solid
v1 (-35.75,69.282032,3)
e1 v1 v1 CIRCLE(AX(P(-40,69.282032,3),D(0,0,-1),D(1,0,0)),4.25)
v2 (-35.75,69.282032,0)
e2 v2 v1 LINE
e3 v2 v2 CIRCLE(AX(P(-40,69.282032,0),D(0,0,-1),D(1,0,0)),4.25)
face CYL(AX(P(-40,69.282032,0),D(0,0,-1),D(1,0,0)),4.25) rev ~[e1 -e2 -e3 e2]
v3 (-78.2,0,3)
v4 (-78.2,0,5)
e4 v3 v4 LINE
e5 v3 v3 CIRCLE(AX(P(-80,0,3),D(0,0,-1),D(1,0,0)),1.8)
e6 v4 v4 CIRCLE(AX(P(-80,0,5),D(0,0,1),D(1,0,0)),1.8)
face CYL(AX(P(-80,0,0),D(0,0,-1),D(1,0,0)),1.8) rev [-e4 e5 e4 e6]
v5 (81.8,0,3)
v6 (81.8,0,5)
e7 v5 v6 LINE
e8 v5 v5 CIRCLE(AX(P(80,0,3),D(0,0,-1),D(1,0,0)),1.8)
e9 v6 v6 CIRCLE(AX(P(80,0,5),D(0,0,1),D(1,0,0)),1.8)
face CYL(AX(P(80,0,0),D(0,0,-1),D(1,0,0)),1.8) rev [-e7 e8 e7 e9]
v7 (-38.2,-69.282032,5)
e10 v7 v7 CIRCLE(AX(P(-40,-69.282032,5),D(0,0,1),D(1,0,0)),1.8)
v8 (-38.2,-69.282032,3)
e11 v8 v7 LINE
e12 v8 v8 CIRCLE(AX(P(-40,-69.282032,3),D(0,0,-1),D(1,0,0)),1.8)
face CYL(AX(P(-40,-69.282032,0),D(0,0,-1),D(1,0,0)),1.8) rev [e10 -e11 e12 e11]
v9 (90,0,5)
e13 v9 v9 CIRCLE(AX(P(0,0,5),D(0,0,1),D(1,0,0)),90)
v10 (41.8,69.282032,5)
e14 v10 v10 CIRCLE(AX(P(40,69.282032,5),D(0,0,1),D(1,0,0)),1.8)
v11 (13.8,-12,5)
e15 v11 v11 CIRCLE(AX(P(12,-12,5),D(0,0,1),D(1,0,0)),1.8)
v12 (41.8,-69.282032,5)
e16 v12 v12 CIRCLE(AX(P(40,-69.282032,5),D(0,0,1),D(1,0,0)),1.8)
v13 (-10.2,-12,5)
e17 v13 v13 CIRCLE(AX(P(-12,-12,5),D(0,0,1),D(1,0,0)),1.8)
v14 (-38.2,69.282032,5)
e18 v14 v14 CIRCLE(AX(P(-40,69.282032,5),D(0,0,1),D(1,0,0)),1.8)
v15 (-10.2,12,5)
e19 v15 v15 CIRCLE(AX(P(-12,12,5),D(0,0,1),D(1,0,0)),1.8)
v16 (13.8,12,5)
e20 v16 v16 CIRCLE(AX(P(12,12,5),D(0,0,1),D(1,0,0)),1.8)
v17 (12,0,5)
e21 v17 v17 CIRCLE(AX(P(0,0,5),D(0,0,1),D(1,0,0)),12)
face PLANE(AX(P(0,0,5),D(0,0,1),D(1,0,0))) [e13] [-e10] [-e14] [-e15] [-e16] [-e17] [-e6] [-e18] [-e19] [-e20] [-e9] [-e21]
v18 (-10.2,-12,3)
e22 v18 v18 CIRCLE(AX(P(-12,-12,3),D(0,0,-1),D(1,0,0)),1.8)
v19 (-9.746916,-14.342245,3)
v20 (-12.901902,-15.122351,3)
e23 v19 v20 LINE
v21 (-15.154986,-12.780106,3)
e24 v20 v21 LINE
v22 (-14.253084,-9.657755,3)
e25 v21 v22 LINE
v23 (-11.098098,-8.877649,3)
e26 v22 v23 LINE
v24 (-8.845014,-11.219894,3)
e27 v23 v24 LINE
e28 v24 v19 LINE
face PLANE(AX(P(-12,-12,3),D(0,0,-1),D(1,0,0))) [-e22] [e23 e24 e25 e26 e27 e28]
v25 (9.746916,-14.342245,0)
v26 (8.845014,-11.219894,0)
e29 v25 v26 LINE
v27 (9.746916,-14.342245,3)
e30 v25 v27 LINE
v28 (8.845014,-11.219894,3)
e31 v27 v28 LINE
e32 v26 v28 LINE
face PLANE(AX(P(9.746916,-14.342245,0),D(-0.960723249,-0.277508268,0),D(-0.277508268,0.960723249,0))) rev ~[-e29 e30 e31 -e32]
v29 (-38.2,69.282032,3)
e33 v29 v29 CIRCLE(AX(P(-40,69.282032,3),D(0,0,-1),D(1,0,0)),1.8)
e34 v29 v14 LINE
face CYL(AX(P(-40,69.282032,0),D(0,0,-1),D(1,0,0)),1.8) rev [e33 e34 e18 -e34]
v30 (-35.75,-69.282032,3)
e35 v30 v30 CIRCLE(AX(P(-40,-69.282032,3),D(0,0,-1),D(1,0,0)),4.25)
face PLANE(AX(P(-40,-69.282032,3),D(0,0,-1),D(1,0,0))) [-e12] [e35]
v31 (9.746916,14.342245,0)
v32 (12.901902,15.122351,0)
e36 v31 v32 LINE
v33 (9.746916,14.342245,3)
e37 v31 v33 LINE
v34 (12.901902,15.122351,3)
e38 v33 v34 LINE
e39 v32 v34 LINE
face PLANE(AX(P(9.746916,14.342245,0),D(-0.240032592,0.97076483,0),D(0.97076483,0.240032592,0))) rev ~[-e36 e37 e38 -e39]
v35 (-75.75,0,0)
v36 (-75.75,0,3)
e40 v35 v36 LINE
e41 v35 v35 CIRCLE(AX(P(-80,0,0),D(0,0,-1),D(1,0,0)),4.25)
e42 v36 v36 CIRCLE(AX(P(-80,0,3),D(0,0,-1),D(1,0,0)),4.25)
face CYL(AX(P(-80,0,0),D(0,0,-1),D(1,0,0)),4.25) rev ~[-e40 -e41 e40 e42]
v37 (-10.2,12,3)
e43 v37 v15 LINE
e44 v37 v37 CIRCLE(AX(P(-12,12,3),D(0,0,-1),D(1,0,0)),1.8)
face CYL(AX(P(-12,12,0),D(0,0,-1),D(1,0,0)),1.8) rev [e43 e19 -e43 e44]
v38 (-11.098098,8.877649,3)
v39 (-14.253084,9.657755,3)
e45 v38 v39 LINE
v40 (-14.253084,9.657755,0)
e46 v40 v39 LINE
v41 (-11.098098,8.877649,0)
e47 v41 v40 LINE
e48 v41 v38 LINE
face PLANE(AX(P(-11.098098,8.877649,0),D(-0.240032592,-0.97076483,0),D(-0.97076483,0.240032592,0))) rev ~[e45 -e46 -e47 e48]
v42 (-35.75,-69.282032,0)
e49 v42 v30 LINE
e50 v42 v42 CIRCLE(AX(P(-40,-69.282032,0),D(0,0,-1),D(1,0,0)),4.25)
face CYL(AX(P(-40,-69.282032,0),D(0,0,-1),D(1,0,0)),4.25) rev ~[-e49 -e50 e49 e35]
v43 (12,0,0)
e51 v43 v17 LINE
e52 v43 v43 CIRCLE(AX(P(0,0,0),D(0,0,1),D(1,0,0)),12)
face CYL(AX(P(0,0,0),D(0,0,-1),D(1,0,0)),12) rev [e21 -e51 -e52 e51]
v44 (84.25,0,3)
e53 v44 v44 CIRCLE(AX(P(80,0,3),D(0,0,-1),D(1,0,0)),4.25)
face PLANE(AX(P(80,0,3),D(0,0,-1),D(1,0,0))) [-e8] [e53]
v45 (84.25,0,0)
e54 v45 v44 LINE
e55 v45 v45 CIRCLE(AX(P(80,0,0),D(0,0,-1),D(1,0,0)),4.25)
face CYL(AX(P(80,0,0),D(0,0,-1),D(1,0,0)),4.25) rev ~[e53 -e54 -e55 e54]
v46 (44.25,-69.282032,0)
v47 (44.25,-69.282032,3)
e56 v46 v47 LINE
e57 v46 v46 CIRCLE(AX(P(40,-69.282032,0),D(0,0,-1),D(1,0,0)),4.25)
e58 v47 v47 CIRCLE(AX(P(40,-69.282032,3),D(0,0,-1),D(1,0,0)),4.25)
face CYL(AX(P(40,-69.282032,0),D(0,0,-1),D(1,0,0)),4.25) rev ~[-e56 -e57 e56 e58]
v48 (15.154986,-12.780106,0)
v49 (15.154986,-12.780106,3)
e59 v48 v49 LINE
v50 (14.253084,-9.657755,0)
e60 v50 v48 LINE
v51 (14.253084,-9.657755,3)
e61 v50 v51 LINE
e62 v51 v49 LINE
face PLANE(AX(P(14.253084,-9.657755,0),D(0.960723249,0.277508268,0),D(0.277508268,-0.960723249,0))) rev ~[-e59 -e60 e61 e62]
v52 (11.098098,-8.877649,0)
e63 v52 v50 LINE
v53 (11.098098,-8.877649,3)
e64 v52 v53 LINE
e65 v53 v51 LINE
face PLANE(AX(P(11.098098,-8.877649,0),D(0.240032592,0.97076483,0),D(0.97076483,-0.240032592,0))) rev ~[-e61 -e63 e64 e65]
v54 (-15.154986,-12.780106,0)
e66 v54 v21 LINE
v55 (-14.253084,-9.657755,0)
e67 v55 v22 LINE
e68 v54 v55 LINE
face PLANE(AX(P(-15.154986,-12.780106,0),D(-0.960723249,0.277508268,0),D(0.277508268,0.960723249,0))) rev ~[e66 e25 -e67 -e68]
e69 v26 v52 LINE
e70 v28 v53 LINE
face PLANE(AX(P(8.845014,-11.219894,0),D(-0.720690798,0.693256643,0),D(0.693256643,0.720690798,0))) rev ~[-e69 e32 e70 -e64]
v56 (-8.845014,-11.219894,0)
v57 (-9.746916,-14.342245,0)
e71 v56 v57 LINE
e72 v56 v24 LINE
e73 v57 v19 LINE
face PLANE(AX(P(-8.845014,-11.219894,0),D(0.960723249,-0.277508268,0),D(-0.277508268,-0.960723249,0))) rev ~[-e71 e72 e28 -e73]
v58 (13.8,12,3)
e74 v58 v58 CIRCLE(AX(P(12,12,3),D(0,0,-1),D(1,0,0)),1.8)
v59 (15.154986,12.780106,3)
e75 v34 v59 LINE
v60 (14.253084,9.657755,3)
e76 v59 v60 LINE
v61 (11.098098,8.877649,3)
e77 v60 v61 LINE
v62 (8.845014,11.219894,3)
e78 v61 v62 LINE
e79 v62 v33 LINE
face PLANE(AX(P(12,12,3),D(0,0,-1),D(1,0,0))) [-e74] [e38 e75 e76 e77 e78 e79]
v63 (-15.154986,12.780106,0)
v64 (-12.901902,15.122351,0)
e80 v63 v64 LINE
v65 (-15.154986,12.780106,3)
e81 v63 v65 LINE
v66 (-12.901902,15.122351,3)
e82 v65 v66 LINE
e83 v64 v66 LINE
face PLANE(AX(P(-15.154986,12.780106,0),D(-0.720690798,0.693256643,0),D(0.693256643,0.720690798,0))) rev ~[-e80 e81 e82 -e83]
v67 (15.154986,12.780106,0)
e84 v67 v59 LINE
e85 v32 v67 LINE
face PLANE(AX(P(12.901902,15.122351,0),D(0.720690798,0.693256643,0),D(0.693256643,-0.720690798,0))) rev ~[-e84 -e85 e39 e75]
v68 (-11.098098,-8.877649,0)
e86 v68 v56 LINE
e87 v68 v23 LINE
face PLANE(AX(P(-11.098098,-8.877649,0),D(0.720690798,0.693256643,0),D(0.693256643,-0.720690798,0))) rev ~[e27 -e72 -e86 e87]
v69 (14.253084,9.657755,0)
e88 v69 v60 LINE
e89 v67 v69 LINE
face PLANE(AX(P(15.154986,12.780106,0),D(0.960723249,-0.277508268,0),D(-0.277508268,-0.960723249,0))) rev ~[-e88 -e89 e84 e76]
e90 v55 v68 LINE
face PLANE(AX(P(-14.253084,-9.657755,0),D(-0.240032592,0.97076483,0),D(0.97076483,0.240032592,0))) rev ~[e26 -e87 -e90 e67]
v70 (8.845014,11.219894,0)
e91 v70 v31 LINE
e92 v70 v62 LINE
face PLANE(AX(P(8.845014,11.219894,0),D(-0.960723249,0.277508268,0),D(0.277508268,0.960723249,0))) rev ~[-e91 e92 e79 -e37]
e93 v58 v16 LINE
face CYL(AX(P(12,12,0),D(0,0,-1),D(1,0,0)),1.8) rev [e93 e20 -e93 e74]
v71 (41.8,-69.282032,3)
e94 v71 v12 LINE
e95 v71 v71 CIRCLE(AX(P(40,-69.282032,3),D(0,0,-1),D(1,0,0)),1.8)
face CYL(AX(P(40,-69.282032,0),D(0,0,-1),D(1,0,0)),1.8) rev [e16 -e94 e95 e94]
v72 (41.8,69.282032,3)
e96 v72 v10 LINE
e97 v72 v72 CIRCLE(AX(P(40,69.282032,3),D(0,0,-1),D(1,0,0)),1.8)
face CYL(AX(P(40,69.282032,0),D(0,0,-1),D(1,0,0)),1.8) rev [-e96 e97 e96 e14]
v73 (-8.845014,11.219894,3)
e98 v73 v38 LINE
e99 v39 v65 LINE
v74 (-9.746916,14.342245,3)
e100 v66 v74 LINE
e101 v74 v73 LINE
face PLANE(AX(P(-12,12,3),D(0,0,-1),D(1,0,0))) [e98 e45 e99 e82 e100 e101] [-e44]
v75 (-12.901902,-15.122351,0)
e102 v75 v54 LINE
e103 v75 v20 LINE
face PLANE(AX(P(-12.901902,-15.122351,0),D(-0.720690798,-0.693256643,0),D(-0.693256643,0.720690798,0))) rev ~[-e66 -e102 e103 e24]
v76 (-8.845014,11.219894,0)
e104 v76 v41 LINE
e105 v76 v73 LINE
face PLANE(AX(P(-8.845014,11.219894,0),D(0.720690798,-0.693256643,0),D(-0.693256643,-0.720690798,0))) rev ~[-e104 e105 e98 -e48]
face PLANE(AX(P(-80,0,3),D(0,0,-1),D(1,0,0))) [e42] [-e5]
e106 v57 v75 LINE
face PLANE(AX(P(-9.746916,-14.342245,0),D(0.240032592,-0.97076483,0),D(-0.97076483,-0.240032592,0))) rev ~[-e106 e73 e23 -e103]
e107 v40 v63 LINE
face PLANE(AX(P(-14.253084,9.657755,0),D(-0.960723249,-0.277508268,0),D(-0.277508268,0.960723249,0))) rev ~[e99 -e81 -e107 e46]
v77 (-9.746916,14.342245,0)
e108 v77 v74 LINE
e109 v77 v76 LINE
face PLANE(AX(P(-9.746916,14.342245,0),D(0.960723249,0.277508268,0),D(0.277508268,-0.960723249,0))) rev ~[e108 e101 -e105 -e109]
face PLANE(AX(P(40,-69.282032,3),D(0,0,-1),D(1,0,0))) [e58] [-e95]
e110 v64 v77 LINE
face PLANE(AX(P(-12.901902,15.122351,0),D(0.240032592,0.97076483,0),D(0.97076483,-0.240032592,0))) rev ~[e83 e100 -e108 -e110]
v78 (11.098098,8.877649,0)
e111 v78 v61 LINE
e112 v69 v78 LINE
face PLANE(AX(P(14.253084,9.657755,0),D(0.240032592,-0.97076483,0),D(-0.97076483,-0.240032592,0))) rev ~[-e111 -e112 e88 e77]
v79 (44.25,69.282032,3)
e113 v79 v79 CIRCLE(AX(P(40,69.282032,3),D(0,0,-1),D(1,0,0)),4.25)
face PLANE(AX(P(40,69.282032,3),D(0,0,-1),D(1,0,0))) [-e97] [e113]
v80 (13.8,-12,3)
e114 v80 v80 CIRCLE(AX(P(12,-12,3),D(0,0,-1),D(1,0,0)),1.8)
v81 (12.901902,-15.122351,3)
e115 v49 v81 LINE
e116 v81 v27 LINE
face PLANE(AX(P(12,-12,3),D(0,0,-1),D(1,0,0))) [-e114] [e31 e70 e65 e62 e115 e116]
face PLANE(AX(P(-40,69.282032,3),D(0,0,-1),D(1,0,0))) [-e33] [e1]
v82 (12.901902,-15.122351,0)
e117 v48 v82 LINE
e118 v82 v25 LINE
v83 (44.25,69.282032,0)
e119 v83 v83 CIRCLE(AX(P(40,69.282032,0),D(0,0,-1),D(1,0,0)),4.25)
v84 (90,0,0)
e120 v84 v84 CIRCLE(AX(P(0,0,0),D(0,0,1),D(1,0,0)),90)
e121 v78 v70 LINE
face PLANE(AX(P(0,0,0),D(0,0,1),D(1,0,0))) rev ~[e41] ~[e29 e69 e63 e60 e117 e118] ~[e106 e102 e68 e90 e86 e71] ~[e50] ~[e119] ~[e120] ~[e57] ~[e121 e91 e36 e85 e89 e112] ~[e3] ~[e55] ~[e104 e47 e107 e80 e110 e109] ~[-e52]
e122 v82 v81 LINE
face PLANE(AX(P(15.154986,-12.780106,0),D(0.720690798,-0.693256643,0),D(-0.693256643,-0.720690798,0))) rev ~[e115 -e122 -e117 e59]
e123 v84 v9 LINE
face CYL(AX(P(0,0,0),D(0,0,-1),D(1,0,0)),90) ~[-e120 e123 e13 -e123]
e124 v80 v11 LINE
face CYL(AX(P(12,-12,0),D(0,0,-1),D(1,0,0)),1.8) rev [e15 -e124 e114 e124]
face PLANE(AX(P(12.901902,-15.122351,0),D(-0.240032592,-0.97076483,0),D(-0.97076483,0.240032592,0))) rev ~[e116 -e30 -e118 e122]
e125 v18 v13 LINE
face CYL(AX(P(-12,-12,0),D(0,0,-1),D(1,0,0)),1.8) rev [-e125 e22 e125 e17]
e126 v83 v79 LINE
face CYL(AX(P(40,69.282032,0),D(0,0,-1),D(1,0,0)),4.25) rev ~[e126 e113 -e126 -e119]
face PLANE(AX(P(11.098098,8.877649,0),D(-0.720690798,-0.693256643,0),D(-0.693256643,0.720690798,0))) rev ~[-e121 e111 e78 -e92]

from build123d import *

# Parameters (mm, degrees)
SKETCH_R        = 90
SKETCH_R_2      = 1.8
SKETCH_R_3      = 12
PAD_DEPTH       = 5
SKETCH001_R     = 4.25
POCKET_DEPTH    = 3
POCKET001_DEPTH = 3


with BuildPart() as part:
    # Sketch → Pad (new body)
    with BuildSketch(Plane.XY):
        Circle(SKETCH_R)
        with Locations((-40, 69.282032)):
            Circle(SKETCH_R_2, mode=Mode.SUBTRACT)
        with Locations((40, 69.282032)):
            Circle(SKETCH_R_2, mode=Mode.SUBTRACT)
        with Locations((80, 0)):
            Circle(SKETCH_R_2, mode=Mode.SUBTRACT)
        with Locations((40, -69.282032)):
            Circle(SKETCH_R_2, mode=Mode.SUBTRACT)
        with Locations((-40, -69.282032)):
            Circle(SKETCH_R_2, mode=Mode.SUBTRACT)
        with Locations((-80, 0)):
            Circle(SKETCH_R_2, mode=Mode.SUBTRACT)
        Circle(SKETCH_R_3, mode=Mode.SUBTRACT)
        with Locations((-12, 12)):
            Circle(SKETCH_R_2, mode=Mode.SUBTRACT)
        with Locations((12, 12)):
            Circle(SKETCH_R_2, mode=Mode.SUBTRACT)
        with Locations((12, -12)):
            Circle(SKETCH_R_2, mode=Mode.SUBTRACT)
        with Locations((-12, -12)):
            Circle(SKETCH_R_2, mode=Mode.SUBTRACT)
    extrude(amount=PAD_DEPTH)

    # Sketch001 → Pocket (cut)
    with BuildSketch(Plane(origin=(0, 0, 0), x_dir=(1, 0, 0), z_dir=(0, 0, -1))):
        with Locations((-40, 69.282032)):
            Circle(SKETCH001_R)
        with Locations((40, 69.282032)):
            Circle(SKETCH001_R)
        with Locations((80, 0)):
            Circle(SKETCH001_R)
        with Locations((40, -69.282032)):
            Circle(SKETCH001_R)
        with Locations((-40, -69.282032)):
            Circle(SKETCH001_R)
        with Locations((-80, 0)):
            Circle(SKETCH001_R)
    extrude(amount=-POCKET_DEPTH, mode=Mode.SUBTRACT)

    # Sketch002 → Pocket001 (cut)
    with BuildSketch(Plane(origin=(0, 0, 0), x_dir=(1, 0, 0), z_dir=(0, 0, -1))):
        Polygon((-8.845014, 11.219894), (-9.746916, 14.342245), (-12.901902, 15.122351), (-15.154986, 12.780106), (-14.253084, 9.657755), (-11.098098, 8.877649), align=None)
        Polygon((14.253084, 9.657755), (15.154986, 12.780106), (12.901902, 15.122351), (9.746916, 14.342245), (8.845014, 11.219894), (11.098098, 8.877649), align=None)
        Polygon((12.901902, -15.122351), (15.154986, -12.780106), (14.253084, -9.657755), (11.098098, -8.877649), (8.845014, -11.219894), (9.746916, -14.342245), align=None)
        Polygon((-9.746916, -14.342245), (-8.845014, -11.219894), (-11.098098, -8.877649), (-14.253084, -9.657755), (-15.154986, -12.780106), (-12.901902, -15.122351), align=None)
    extrude(amount=-POCKET001_DEPTH, mode=Mode.SUBTRACT)


solid = part.part
